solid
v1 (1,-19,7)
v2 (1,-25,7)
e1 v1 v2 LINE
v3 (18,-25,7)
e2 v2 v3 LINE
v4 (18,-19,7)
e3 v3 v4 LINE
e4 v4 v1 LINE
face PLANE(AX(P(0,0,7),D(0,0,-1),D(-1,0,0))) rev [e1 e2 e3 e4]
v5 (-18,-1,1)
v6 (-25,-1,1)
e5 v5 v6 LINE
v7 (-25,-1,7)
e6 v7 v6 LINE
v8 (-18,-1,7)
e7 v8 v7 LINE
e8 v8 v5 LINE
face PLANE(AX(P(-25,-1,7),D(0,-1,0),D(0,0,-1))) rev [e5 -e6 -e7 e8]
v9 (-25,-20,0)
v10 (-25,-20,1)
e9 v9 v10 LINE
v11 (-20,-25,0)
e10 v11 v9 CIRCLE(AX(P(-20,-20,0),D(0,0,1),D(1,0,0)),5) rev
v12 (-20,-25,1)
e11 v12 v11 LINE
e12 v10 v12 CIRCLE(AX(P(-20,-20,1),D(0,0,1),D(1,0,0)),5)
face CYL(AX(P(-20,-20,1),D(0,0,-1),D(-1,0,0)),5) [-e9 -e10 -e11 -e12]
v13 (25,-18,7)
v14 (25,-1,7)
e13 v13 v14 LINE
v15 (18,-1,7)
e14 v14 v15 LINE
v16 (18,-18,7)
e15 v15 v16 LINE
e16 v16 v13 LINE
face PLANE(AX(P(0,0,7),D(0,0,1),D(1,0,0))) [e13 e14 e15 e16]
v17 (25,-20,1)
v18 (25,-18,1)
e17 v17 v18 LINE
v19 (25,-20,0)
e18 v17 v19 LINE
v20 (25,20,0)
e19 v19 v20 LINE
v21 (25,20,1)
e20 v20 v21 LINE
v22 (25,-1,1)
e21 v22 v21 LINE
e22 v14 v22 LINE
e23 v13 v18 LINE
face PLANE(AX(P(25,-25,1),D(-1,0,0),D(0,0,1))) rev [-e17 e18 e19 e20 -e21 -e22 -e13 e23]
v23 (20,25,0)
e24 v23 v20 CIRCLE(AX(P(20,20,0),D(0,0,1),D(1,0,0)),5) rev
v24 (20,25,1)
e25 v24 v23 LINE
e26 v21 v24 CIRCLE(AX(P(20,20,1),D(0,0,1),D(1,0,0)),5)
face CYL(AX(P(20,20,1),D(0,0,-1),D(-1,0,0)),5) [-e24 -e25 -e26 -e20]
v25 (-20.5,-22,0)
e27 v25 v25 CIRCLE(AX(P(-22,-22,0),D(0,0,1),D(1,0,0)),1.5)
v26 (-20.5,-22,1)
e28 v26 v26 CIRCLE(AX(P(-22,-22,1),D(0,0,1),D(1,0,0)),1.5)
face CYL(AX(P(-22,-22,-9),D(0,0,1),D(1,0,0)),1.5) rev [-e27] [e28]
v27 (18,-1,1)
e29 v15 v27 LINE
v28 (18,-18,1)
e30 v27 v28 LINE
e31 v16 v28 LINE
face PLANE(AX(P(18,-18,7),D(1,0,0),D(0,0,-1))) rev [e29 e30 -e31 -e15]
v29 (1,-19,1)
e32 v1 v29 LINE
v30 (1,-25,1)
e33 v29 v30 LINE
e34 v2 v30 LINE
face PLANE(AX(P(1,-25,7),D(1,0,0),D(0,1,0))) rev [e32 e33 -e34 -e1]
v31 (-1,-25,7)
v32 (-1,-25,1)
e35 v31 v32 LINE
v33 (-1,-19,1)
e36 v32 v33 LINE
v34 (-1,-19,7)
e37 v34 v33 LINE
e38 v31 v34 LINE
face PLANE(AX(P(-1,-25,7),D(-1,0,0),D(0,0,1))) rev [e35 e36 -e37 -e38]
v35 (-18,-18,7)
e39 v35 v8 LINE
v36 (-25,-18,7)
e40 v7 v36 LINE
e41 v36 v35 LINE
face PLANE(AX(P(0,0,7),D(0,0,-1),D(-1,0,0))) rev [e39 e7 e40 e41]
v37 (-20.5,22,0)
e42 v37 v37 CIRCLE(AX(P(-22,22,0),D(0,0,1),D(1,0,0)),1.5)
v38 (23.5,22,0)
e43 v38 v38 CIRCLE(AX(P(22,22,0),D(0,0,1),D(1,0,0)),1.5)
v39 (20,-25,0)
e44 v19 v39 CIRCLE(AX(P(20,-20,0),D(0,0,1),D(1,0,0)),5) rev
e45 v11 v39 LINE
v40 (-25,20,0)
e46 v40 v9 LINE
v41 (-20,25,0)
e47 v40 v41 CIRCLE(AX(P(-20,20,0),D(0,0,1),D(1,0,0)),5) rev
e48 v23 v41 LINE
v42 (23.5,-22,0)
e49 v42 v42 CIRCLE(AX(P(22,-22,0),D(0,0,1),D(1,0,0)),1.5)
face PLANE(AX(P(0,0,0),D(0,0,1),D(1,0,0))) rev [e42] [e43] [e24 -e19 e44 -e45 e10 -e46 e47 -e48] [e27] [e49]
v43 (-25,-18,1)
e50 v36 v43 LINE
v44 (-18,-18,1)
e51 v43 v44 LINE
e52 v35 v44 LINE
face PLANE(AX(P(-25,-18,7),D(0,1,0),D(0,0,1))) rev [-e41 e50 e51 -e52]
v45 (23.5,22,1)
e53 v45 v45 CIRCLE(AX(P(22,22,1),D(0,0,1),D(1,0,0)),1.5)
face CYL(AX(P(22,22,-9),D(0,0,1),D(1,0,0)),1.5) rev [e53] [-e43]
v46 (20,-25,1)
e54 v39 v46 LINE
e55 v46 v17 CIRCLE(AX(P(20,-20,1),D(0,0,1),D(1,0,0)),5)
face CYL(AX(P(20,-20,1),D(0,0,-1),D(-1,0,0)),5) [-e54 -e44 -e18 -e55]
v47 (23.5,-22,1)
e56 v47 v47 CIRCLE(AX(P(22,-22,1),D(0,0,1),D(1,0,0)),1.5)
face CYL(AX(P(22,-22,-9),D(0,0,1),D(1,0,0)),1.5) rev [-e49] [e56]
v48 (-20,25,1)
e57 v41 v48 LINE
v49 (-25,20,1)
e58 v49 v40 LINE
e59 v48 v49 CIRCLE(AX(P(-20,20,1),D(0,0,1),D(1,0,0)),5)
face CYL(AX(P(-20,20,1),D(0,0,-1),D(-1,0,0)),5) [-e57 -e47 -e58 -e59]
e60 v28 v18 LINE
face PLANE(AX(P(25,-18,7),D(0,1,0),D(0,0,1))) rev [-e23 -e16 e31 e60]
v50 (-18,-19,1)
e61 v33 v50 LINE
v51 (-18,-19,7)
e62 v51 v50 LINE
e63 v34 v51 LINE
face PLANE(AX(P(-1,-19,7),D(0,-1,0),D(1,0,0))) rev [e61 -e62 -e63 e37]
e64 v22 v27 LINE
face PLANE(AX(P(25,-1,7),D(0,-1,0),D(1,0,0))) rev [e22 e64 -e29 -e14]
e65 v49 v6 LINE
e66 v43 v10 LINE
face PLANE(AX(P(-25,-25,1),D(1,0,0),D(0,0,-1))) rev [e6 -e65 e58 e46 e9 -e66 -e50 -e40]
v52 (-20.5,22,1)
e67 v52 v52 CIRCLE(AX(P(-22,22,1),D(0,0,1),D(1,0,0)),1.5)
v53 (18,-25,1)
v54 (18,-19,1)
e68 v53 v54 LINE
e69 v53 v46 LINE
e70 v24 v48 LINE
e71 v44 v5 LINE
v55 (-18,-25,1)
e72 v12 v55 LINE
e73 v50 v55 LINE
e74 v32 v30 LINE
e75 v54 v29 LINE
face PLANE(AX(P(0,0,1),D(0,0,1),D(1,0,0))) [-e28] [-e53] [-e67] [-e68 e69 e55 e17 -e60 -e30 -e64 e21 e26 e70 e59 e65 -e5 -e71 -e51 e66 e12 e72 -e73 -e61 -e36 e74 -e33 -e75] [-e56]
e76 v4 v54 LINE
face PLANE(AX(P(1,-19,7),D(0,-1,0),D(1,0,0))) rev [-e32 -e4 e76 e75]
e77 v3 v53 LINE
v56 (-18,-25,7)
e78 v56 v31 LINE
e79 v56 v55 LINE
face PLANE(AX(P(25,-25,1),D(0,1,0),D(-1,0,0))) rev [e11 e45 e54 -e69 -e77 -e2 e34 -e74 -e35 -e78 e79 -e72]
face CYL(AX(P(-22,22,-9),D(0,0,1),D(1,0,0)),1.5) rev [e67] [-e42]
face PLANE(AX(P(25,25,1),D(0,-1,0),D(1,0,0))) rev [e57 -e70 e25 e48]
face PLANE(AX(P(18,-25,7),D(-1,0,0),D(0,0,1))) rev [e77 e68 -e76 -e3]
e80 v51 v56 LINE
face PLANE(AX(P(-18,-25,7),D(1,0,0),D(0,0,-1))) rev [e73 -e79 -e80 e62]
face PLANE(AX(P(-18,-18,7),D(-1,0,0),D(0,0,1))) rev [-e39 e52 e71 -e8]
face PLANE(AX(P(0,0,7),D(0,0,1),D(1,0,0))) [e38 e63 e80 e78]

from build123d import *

# Parameters (mm, degrees)
SKETCH_1_W          = 50
SKETCH_1_H          = 50
EXTRUDE_1_DEPTH     = 1
FILLET_1_R          = 5
SKETCH_2_W          = 17
SKETCH_2_H          = 6
SKETCH_2_W_2        = 7
SKETCH_2_H_2        = 17
EXTRUDE_2_DEPTH     = 6
SKETCH_3_R          = 1.5
CUT_EXTRUDE_1_DEPTH = 10


with BuildPart() as part:
    # 草图1 → 凸台-拉伸1 (new body)
    with BuildSketch(Plane.XY):
        Rectangle(SKETCH_1_W, SKETCH_1_H)
    extrude(amount=EXTRUDE_1_DEPTH)

    # 圆角1
    fillet_1_edges = [part.edges().sort_by_distance(p)[0] for p in [
        (-25, 25, 0.5),
        (25, 25, 0.5),
        (25, -25, 0.5),
        (-25, -25, 0.5),
    ]]
    fillet(fillet_1_edges, radius=FILLET_1_R)

    # 草图2 → 凸台-拉伸2 (add)
    with BuildSketch(Plane.XY.offset(1)):
        with Locations((-9.5, -22)):
            Rectangle(SKETCH_2_W, SKETCH_2_H)
        with Locations((-21.5, -9.5)):
            Rectangle(SKETCH_2_W_2, SKETCH_2_H_2)
        with Locations((9.5, -22)):
            Rectangle(SKETCH_2_W, SKETCH_2_H)
        with Locations((21.5, -9.5)):
            Rectangle(SKETCH_2_W_2, SKETCH_2_H_2)
    extrude(amount=EXTRUDE_2_DEPTH)

    # 草图3 → 切除-拉伸1 (cut)
    with BuildSketch(Plane.XY.offset(1)):
        with Locations((-22, 22)):
            Circle(SKETCH_3_R)
        with Locations((22, 22)):
            Circle(SKETCH_3_R)
        with Locations((-22, -22)):
            Circle(SKETCH_3_R)
        with Locations((22, -22)):
            Circle(SKETCH_3_R)
    extrude(amount=-CUT_EXTRUDE_1_DEPTH, mode=Mode.SUBTRACT)


solid = part.part
